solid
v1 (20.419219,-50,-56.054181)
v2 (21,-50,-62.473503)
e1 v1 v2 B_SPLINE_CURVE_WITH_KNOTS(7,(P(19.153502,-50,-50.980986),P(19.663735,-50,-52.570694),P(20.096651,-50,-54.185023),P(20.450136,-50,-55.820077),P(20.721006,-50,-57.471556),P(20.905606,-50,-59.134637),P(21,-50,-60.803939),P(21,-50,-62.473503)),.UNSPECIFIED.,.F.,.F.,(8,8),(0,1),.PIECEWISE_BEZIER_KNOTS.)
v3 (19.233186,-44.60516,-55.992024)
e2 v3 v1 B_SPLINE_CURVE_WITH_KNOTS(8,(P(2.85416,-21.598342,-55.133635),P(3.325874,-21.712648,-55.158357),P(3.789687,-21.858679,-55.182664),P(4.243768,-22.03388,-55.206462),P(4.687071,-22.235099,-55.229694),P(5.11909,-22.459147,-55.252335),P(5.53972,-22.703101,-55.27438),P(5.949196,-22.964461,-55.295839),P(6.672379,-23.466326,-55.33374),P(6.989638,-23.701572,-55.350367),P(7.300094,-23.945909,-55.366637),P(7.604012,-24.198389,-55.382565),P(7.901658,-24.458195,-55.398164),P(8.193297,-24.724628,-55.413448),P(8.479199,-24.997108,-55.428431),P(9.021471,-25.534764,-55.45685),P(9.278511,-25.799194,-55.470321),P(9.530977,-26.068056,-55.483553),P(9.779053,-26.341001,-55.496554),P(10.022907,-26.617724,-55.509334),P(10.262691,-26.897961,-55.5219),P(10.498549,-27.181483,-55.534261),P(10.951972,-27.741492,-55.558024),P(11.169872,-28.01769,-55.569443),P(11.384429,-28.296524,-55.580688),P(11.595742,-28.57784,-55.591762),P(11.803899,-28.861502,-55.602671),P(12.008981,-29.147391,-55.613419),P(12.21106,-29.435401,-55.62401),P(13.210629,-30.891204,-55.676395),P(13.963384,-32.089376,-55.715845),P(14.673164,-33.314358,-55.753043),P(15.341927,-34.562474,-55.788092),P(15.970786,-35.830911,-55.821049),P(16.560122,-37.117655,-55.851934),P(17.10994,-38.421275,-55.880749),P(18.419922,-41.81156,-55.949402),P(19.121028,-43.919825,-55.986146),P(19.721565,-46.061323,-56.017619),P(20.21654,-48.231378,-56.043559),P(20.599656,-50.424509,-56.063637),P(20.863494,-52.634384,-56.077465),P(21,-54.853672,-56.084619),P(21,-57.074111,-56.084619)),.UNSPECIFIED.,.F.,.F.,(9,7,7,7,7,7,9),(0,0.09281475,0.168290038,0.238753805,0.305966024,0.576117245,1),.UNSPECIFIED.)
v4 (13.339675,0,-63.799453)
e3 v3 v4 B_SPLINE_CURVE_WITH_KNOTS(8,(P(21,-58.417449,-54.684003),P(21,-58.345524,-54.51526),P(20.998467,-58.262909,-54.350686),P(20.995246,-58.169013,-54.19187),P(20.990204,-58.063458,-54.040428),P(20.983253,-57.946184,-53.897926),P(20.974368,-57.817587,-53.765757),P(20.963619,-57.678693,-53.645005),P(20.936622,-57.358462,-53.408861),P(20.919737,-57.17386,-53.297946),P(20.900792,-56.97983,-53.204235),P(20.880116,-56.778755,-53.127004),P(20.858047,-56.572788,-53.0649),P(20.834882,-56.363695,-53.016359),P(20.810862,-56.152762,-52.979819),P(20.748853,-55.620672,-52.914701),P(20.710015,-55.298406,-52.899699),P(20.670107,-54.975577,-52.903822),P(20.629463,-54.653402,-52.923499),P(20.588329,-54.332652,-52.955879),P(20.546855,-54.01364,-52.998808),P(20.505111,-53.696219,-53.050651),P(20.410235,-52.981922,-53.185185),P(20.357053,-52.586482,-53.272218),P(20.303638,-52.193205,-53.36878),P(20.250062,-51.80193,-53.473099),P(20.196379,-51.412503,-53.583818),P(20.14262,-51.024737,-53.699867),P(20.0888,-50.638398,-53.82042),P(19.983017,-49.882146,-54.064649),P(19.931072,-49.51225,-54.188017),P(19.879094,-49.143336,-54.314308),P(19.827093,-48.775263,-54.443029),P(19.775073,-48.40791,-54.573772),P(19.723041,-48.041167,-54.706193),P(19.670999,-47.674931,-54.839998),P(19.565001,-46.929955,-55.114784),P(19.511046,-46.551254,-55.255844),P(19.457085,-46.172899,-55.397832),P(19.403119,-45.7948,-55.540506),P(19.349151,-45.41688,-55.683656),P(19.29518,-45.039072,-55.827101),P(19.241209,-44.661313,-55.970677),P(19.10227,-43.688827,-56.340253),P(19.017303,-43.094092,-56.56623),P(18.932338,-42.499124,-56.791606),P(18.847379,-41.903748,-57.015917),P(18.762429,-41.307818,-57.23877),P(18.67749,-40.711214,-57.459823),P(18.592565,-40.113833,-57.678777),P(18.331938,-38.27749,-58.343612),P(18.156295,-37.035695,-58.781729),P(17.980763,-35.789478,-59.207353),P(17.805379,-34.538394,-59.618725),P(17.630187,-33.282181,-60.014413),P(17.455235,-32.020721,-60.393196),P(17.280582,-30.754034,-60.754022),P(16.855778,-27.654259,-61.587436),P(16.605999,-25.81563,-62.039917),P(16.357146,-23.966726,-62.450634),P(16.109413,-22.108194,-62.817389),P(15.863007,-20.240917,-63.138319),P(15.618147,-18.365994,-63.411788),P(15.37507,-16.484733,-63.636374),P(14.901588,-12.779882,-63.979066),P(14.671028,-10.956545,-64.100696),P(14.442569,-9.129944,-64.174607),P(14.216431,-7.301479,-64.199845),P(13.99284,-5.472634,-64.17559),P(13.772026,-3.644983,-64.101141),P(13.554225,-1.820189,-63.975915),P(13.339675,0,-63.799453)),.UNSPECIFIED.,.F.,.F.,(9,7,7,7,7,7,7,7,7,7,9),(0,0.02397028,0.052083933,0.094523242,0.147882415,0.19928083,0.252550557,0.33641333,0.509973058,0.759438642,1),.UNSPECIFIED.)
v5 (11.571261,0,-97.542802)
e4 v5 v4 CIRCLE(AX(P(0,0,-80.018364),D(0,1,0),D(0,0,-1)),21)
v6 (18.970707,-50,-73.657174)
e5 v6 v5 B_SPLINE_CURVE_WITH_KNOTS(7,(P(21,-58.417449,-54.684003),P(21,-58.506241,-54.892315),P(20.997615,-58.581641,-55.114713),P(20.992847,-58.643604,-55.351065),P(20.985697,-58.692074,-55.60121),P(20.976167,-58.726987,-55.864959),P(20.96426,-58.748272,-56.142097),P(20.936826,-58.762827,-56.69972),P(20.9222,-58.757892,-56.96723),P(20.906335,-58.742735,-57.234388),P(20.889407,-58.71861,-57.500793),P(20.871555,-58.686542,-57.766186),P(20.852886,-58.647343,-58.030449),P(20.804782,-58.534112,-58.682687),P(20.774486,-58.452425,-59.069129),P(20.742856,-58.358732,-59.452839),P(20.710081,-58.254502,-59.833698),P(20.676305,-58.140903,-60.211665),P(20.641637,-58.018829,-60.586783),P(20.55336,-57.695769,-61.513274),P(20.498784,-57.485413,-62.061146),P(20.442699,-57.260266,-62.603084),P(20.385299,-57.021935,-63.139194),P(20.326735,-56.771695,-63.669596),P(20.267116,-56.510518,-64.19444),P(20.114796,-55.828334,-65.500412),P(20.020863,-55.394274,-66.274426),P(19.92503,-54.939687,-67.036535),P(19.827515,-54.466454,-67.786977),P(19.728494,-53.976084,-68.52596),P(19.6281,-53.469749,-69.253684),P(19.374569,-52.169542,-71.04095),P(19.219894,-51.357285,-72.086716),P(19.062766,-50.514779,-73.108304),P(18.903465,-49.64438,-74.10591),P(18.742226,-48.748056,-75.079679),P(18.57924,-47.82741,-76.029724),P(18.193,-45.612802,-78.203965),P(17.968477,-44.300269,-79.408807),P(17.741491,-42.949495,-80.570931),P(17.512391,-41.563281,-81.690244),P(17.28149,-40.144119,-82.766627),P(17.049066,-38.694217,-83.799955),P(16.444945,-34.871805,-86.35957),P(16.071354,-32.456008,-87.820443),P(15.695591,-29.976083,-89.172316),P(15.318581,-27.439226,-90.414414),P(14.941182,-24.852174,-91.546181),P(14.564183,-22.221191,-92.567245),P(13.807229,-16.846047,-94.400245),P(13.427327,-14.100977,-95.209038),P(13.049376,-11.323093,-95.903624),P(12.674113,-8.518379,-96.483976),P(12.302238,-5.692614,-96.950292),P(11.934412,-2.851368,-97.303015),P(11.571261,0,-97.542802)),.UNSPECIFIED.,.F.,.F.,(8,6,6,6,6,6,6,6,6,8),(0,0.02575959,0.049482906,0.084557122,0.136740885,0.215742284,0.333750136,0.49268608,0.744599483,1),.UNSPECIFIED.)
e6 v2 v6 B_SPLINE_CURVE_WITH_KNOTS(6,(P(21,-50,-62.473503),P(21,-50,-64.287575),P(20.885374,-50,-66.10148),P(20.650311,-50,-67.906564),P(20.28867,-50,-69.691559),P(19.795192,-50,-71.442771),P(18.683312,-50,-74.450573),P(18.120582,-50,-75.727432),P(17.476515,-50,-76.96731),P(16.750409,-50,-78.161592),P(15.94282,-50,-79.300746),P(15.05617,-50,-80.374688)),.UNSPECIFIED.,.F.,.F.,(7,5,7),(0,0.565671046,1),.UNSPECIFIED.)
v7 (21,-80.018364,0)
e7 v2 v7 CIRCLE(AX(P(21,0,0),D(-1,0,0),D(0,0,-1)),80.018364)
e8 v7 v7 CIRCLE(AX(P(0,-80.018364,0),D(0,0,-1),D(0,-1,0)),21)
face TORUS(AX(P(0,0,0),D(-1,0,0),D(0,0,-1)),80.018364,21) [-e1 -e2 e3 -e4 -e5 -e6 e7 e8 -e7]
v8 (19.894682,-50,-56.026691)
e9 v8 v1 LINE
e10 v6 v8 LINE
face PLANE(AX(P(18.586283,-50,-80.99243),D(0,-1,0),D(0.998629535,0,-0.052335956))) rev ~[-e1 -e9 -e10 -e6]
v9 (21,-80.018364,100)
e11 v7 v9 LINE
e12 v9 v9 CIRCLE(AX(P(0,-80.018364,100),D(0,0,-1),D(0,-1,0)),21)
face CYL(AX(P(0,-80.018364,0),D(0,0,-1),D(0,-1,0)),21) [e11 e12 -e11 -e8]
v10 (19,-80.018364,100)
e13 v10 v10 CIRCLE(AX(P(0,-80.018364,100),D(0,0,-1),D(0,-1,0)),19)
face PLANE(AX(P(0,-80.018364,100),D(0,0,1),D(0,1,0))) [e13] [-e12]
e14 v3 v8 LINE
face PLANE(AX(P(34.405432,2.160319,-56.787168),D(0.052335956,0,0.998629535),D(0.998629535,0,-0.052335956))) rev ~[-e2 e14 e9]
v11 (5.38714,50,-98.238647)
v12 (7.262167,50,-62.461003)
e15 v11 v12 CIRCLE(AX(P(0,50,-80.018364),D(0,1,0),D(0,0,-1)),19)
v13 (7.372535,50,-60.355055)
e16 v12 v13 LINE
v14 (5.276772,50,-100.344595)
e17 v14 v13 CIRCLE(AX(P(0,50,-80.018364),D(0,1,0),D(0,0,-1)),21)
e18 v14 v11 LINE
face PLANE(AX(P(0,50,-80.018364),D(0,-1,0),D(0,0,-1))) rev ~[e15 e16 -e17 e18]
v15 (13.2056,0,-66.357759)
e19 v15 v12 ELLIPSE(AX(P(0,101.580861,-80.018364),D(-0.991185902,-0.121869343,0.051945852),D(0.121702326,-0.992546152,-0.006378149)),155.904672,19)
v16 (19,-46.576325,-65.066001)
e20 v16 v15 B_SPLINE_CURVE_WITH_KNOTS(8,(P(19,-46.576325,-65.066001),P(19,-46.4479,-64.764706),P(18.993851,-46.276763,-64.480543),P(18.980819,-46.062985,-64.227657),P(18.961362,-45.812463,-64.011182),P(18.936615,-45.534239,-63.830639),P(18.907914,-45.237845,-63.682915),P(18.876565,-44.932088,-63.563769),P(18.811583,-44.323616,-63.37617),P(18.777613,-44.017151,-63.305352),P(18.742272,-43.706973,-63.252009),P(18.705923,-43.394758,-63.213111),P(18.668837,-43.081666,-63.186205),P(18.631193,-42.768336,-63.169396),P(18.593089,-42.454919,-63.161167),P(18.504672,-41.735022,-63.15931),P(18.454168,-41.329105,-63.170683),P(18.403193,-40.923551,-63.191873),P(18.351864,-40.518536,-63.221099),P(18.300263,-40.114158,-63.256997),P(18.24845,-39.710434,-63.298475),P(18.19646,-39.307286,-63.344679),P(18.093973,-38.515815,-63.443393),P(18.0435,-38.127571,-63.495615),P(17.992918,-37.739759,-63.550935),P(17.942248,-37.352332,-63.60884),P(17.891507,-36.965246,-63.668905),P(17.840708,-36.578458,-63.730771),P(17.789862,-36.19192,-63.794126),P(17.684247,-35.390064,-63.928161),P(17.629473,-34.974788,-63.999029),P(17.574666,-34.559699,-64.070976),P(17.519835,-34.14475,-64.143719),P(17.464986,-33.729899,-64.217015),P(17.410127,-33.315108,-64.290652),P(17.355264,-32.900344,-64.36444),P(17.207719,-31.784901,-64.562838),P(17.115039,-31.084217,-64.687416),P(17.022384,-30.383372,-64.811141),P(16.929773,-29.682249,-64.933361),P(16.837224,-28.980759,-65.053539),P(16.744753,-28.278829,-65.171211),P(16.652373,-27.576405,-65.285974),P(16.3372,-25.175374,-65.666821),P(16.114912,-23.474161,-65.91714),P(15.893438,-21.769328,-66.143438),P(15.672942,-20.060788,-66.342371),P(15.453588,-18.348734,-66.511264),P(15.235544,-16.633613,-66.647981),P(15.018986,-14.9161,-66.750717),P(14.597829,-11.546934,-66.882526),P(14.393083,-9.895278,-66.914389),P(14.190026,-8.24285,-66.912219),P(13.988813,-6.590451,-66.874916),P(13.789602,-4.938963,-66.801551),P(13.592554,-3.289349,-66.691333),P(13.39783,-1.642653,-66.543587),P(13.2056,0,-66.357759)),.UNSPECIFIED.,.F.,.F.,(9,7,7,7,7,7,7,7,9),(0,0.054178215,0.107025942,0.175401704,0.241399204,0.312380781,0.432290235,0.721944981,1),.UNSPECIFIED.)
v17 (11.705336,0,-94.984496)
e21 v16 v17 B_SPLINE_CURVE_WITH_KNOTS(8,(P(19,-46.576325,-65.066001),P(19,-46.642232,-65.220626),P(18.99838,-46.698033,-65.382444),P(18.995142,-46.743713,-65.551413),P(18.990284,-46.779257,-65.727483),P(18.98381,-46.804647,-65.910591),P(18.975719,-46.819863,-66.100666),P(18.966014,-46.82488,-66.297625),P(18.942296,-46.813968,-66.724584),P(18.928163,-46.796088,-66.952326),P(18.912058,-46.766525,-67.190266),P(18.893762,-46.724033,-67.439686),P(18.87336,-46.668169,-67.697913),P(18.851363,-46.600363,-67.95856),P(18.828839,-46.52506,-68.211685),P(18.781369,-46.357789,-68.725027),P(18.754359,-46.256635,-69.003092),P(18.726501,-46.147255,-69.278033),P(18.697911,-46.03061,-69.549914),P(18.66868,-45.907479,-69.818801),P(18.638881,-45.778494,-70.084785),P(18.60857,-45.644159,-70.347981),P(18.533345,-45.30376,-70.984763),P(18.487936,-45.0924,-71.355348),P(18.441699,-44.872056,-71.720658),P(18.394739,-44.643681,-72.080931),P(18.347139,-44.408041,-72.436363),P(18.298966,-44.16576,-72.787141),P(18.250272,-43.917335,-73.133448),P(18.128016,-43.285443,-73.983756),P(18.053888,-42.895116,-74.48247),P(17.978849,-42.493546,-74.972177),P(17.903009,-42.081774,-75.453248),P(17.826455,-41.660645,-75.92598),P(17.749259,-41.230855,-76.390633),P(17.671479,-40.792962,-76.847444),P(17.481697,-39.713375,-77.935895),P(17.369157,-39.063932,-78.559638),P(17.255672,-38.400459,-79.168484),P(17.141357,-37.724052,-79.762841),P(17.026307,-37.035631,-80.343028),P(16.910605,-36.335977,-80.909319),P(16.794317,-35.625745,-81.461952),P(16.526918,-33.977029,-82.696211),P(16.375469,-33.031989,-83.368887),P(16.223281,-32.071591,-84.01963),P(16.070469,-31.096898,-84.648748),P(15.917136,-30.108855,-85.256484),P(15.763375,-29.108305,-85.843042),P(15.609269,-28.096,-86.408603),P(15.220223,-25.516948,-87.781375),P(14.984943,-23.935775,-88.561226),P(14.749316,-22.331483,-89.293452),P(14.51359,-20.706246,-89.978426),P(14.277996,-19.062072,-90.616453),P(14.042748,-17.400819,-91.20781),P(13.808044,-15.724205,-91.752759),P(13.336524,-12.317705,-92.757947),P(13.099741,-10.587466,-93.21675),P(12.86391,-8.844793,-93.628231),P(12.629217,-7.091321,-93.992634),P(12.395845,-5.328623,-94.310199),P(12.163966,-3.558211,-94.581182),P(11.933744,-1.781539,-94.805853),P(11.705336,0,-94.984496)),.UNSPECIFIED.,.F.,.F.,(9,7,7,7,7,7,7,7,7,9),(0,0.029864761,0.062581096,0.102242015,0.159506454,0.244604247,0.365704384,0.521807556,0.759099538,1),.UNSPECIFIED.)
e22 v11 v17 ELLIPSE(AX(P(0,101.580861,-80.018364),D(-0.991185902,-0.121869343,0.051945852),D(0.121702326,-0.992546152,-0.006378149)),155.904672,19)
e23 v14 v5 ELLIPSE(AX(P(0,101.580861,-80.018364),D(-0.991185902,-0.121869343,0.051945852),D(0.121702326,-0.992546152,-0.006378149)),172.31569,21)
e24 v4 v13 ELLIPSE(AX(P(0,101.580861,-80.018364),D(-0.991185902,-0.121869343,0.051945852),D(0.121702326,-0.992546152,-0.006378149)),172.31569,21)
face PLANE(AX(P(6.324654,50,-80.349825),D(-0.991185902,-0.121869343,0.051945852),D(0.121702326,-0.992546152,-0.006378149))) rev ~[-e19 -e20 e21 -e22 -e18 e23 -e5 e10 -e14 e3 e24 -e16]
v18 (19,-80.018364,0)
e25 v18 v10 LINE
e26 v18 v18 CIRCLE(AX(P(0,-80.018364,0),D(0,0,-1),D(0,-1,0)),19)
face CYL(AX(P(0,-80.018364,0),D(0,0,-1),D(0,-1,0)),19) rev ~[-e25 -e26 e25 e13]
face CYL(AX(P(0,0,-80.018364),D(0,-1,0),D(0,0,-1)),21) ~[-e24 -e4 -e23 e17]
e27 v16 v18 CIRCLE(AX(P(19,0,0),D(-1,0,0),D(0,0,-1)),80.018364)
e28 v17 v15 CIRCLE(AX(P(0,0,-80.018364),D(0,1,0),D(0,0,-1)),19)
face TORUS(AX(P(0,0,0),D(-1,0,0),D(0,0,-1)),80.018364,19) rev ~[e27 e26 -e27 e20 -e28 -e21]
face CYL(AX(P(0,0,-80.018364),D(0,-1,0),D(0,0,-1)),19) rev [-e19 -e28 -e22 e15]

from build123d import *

# Parameters (mm, degrees)
F1_R     = 21
F1_R_2   = 19
F3_DEPTH = 100
F4_DEPTH = 50
F7_DEPTH = 25


with BuildPart() as f2:
    # F2: sweep along a path in F0
    with BuildLine(Plane.YZ) as f2_path:
        ThreePointArc((0, -80), (-56.5685424949, -56.5685424949), (-80, 0))
    # F1 (on Top) → F2 (sweep)
    with BuildSketch(Plane.XY):
        with Locations((0, -80.018363893)):
            Circle(F1_R)
        with Locations((0, -80.018363893)):
            Circle(F1_R_2, mode=Mode.SUBTRACT)
    sweep(path=f2_path.line)

    # F3 (add): a face of the model
    f3_faces = [f2.faces().sort_by_distance(p)[0] for p in [
        (-20.4060303038, -80.018363893, 0),
    ]]
    extrude(f3_faces, amount=F3_DEPTH)

    # F4 (add): a face of the model
    f4_faces = [f2.faces().sort_by_distance(p)[0] for p in [
        (-20.4060303038, 0, -80.018363893),
    ]]
    extrude(f4_faces, amount=F4_DEPTH)

    # F6 (on face) → F7 (cut, symmetric)
    with BuildSketch(Plane(origin=(-4.1820983055, 0, -79.7991894081), x_dir=(0.9986295348, 0, -0.0523359562), z_dir=(0.0523359562, 0, 0.9986295348))):
        Polygon((58.3756751827, 50), (23.1878375913, 50), (10.5211709247, 50), (22.799627015, -50), (58.3756751827, -50), align=None)
    extrude(amount=F7_DEPTH, both=True, mode=Mode.SUBTRACT)


solid = f2.part
